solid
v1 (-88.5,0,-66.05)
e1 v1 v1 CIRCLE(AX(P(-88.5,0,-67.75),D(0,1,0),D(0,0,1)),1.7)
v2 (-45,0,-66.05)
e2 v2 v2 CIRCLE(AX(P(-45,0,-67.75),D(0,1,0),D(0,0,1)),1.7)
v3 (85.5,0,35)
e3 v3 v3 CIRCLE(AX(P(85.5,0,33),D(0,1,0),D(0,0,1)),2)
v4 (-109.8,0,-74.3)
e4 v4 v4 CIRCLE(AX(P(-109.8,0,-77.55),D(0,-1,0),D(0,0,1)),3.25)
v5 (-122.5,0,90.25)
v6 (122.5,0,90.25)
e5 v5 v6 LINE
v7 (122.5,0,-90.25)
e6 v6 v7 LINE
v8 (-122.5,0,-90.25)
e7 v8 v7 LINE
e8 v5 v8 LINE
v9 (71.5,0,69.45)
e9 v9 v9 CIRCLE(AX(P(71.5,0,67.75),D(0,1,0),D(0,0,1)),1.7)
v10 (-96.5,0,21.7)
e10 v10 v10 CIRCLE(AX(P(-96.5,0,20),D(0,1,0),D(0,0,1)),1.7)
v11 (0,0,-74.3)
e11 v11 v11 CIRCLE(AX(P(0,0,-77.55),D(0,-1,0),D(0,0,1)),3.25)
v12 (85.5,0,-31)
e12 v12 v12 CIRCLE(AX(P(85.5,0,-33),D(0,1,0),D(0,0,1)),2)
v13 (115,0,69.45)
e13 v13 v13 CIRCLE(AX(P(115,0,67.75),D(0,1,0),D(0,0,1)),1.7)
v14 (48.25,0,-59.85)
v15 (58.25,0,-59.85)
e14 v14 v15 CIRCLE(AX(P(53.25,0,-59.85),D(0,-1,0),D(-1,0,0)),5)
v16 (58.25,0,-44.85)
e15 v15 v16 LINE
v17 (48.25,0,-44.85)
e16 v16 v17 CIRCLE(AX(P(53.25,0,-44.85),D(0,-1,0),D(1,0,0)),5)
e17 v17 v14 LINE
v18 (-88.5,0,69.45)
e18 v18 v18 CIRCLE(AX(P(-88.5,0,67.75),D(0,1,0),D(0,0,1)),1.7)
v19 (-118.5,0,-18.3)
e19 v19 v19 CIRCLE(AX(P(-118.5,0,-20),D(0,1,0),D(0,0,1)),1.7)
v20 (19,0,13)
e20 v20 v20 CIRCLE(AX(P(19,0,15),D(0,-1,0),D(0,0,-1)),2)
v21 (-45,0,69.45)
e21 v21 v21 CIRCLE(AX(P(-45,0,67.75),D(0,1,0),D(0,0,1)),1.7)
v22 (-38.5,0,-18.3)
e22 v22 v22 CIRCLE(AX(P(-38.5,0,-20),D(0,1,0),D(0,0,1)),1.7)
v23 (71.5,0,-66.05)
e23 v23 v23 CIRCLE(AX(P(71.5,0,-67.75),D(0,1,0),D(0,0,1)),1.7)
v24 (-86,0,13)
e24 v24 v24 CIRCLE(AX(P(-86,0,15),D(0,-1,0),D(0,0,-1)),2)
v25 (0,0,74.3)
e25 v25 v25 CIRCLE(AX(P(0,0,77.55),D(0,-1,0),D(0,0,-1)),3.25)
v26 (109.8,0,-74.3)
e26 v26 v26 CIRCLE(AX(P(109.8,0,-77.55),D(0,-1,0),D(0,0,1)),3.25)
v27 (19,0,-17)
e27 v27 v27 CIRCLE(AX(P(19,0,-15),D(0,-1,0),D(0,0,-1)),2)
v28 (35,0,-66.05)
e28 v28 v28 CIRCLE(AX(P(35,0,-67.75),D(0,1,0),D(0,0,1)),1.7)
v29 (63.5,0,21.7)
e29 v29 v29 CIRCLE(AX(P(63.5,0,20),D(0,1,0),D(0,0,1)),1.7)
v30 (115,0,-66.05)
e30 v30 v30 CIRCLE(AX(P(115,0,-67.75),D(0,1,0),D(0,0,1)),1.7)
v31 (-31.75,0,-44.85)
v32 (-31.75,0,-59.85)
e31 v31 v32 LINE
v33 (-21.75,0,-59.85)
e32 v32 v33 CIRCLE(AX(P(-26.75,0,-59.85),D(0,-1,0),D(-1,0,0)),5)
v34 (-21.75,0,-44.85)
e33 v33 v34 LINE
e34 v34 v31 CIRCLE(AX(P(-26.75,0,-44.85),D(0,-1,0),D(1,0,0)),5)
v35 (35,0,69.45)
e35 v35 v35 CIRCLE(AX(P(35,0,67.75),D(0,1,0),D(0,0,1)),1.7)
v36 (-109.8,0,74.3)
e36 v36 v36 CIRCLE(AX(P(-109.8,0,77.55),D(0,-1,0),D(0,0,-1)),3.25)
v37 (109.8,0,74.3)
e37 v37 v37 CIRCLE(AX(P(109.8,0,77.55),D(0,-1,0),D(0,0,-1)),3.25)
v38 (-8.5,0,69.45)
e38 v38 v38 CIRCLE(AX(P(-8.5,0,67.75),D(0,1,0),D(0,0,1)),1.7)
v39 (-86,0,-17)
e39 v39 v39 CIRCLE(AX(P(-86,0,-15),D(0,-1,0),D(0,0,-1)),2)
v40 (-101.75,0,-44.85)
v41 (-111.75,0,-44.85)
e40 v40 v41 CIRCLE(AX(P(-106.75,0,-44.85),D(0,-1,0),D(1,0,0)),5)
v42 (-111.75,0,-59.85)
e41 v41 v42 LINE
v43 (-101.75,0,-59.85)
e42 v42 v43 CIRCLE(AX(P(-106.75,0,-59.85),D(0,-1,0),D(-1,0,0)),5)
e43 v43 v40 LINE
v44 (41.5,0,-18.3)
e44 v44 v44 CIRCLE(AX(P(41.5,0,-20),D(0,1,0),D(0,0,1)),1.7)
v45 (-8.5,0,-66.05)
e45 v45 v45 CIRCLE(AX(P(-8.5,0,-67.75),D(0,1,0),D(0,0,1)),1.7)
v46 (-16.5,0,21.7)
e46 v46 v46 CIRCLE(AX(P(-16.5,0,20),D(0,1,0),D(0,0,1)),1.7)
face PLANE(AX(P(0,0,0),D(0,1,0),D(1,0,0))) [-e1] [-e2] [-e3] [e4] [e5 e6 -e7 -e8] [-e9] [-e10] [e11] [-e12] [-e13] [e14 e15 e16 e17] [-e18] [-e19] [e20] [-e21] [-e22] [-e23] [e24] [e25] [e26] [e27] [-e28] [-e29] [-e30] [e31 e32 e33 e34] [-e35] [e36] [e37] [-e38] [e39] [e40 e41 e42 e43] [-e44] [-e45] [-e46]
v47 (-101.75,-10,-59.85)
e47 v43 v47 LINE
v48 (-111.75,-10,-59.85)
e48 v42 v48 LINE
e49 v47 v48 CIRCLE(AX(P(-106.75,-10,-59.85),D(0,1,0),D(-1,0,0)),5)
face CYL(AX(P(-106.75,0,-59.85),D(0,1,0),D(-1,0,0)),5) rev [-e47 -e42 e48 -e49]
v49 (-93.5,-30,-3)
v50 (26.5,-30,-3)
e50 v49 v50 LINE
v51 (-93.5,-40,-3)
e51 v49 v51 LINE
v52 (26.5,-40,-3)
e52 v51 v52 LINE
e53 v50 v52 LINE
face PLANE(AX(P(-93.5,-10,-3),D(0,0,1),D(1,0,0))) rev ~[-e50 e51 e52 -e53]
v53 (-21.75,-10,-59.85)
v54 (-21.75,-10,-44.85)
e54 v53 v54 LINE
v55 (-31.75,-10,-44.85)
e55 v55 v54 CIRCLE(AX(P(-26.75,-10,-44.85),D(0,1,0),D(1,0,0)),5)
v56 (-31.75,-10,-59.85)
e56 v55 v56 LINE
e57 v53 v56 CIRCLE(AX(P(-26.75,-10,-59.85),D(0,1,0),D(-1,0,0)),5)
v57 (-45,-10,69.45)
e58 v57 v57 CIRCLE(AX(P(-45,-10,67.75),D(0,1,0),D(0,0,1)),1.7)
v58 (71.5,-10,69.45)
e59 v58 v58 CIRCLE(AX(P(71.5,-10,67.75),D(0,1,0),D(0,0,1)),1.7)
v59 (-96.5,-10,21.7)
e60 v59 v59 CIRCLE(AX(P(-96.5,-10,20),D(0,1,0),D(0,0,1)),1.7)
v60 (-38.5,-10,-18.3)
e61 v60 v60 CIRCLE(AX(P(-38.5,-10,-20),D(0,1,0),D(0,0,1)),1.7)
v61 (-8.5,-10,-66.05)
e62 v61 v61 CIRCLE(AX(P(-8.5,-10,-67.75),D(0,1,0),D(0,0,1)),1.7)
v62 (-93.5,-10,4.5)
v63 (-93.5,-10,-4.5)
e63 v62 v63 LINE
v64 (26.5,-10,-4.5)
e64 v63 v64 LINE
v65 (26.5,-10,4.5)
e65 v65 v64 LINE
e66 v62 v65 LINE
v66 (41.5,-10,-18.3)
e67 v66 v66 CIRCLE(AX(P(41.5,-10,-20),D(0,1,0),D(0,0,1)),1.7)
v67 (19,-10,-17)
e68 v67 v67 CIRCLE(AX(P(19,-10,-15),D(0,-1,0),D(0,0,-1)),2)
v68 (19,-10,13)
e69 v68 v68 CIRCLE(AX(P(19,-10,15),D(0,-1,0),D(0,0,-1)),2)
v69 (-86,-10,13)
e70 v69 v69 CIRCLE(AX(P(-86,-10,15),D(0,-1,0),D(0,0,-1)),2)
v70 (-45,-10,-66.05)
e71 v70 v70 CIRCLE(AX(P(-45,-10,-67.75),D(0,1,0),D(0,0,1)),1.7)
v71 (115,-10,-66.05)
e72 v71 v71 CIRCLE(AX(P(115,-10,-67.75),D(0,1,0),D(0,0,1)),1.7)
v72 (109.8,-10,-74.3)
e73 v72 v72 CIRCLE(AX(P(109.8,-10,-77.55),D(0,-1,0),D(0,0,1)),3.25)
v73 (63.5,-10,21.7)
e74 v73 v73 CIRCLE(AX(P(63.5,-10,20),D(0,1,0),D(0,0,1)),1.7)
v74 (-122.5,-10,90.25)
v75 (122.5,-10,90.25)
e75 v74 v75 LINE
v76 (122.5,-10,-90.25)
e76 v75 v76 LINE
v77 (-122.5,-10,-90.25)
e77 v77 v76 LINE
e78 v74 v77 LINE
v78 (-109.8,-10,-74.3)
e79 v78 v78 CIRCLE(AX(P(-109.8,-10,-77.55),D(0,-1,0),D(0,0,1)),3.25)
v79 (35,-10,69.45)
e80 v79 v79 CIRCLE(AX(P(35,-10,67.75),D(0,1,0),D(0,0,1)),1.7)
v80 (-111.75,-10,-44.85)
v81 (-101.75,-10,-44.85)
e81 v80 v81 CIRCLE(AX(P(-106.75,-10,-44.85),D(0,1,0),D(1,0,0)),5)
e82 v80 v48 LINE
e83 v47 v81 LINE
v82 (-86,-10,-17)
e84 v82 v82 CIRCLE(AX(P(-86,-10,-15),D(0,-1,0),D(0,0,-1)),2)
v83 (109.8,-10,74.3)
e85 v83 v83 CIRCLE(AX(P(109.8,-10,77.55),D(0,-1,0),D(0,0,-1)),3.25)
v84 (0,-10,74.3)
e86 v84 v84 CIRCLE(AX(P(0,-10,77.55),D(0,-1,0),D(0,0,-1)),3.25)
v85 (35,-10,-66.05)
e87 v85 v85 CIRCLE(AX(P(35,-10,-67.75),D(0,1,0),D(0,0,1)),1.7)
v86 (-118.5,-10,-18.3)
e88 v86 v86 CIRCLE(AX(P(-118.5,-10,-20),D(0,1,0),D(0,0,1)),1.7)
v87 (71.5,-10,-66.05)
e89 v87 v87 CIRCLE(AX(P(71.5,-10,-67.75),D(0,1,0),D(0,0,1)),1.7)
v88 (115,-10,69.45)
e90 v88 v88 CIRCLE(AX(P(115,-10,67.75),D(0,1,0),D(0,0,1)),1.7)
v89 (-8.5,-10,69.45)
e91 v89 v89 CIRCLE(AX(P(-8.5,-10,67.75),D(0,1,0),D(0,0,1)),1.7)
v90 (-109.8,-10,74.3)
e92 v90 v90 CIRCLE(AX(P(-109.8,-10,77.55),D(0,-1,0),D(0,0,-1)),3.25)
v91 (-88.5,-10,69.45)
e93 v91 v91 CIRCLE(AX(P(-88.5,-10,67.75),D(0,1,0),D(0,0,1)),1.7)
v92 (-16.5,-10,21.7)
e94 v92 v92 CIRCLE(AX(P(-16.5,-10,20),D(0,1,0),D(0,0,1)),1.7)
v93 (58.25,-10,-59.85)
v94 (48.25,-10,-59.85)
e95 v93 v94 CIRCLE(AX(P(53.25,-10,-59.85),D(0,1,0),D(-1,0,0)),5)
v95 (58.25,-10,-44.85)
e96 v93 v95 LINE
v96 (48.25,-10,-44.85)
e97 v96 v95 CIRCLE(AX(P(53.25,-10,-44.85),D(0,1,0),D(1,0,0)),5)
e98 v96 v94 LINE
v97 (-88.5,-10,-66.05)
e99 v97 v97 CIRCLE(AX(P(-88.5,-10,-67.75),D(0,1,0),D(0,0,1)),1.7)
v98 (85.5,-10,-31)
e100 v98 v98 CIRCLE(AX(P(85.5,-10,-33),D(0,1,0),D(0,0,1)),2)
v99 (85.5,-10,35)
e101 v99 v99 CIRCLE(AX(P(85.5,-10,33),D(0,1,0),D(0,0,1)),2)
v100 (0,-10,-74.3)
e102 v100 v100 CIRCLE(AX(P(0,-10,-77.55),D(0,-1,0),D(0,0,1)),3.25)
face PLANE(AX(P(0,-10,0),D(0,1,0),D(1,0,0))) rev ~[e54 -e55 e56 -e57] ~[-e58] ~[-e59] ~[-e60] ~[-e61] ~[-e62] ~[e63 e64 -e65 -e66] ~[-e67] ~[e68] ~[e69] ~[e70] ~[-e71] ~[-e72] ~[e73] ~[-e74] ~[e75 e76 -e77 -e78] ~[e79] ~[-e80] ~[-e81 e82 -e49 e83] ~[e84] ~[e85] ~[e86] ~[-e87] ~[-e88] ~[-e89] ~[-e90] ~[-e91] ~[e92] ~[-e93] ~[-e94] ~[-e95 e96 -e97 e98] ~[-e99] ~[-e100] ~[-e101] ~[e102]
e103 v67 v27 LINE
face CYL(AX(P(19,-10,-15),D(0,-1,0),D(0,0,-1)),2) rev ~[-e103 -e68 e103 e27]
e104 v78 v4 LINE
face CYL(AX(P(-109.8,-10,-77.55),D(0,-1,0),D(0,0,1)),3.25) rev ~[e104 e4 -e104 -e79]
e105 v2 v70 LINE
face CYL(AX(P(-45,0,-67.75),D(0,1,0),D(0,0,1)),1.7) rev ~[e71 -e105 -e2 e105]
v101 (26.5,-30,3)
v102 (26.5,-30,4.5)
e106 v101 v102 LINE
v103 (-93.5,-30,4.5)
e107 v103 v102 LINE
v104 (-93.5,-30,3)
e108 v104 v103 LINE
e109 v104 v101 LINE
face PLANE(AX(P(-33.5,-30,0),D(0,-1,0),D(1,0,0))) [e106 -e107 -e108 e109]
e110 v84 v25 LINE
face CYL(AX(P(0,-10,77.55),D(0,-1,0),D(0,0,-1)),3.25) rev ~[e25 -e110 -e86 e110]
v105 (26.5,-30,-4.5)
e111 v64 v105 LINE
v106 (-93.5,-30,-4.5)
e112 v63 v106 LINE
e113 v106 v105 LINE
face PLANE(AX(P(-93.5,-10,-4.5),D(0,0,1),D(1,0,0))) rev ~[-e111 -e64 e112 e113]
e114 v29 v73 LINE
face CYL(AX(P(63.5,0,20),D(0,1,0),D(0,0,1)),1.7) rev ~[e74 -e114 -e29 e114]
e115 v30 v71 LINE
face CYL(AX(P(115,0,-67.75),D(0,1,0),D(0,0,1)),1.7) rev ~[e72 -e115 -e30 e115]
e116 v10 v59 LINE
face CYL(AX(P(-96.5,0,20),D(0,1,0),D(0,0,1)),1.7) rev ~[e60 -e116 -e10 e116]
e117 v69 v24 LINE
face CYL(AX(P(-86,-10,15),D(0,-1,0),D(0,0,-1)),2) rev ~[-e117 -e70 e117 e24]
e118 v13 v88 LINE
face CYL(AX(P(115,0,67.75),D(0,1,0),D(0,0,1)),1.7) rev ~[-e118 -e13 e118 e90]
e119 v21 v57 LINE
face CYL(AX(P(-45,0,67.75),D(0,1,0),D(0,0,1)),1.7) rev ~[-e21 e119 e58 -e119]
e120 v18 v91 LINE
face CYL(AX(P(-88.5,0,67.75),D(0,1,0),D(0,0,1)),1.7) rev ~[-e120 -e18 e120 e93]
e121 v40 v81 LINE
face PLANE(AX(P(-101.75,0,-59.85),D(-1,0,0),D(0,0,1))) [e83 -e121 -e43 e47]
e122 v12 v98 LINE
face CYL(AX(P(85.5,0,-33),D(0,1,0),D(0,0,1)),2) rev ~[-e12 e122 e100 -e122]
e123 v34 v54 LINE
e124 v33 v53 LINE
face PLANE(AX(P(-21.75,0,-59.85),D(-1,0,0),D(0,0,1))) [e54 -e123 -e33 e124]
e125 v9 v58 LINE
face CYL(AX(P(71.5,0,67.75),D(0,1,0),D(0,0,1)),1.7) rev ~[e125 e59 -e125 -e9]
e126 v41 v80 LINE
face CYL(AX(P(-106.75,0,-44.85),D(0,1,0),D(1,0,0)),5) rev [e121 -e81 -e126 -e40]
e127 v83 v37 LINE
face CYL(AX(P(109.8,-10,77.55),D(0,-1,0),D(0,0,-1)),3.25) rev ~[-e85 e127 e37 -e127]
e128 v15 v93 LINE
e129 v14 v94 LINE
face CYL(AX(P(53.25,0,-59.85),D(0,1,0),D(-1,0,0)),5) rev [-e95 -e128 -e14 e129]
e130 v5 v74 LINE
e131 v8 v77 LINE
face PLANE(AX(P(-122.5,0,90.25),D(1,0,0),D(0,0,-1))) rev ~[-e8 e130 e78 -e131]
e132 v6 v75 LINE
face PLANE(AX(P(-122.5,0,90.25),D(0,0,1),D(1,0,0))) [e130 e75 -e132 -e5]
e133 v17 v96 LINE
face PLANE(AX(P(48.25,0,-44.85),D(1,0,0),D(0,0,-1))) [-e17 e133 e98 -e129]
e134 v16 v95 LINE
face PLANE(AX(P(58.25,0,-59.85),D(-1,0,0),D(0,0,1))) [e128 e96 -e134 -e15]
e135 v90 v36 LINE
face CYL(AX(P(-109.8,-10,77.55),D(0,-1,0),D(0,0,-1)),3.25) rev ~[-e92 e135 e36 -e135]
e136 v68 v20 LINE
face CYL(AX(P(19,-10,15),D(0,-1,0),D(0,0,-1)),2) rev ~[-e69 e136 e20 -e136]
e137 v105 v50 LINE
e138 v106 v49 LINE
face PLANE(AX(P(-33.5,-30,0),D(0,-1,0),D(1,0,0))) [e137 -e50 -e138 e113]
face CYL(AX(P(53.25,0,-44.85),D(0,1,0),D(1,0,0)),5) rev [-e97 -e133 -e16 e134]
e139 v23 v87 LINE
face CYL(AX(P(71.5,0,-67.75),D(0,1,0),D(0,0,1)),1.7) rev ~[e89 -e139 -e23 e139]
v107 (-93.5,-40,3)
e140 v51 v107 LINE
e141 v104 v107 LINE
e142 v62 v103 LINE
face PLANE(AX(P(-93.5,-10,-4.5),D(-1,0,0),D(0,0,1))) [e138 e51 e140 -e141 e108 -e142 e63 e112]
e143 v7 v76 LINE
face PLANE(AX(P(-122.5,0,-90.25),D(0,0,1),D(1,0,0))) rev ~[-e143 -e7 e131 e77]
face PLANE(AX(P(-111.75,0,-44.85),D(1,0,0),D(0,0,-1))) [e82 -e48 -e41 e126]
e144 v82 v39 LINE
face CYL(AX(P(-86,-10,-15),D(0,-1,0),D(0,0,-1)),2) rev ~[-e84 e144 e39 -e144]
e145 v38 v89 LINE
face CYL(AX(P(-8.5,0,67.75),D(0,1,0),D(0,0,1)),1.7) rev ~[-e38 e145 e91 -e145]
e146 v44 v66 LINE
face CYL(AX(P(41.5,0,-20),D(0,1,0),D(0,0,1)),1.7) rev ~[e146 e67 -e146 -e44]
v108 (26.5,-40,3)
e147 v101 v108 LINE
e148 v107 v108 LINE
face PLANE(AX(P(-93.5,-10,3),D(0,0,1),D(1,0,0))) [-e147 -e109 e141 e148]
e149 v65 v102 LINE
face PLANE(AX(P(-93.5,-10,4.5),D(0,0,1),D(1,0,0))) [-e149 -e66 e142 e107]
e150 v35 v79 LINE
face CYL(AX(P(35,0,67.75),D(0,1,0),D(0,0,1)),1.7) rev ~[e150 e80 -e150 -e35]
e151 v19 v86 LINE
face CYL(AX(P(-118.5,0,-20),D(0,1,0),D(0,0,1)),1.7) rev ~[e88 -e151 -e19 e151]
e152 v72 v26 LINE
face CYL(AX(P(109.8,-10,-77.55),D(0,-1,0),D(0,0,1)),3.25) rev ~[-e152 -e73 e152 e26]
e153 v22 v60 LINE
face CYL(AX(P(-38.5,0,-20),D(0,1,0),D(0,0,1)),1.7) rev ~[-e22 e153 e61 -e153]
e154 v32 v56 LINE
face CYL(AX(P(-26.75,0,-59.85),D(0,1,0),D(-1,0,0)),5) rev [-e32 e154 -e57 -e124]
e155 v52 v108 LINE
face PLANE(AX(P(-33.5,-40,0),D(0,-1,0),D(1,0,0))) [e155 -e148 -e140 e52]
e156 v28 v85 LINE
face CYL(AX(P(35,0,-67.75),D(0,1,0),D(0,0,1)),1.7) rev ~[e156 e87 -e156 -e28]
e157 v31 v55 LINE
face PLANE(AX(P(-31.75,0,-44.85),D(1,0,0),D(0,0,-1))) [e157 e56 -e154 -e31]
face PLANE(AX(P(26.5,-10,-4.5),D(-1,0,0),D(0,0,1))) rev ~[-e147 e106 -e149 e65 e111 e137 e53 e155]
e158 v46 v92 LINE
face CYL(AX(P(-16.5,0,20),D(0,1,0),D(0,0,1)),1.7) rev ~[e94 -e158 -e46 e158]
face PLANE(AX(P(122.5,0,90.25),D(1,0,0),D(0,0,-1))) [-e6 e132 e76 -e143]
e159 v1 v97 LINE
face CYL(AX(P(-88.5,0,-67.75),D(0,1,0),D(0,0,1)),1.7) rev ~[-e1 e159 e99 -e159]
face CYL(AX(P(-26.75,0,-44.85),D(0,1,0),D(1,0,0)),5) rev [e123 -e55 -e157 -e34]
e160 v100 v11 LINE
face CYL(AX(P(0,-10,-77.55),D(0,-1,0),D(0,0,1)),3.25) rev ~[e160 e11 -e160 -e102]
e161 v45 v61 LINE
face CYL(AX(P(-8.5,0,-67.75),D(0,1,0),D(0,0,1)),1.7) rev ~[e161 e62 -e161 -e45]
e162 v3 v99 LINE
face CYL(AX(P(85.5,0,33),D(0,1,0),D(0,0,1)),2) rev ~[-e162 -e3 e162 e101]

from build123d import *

# Parameters (mm, degrees)
SKETCH1_W           = 245
SKETCH1_H           = 180.5
BOSS_EXTRUDE1_DEPTH = 10
SKETCH1_5_R         = 1.7
CUT_EXTRUDE2_DEPTH  = 153.483810616
SKETCH2_W           = 120
SKETCH2_H           = 6
BOSS_EXTRUDE3_DEPTH = 30
SKETCH3_W           = 120
SKETCH3_H           = 9
BOSS_EXTRUDE4_DEPTH = 20
SKETCH4_R           = 2
CUT_EXTRUDE4_DEPTH  = 156.084855805
SKETCH7_R           = 3.25
CUT_EXTRUDE5_DEPTH  = 156.084855805
SKETCH9_R           = 1.7
CUT_EXTRUDE6_DEPTH  = 158.325498569
SKETCH10_R          = 2
CUT_EXTRUDE7_DEPTH  = 158.325498569


with BuildPart() as part:
    # Sketch1 → Boss-Extrude1 (new body)
    with BuildSketch(Plane(origin=(0, 0, 0), x_dir=(1, 0, 0), z_dir=(0, 1, 0))):
        Rectangle(SKETCH1_W, SKETCH1_H)
    extrude(amount=-BOSS_EXTRUDE1_DEPTH)

    # Sketch1<5> → Cut-Extrude2 (cut, through all)
    with BuildSketch(Plane(origin=(0, 0, 0), x_dir=(1, 0, 0), z_dir=(0, 1, 0))):
        with Locations((-88.5, 67.75)):
            Circle(SKETCH1_5_R)
        with Locations((-88.5, -67.75)):
            Circle(SKETCH1_5_R)
        with Locations((-45, -67.75)):
            Circle(SKETCH1_5_R)
        with Locations((-45, 67.75)):
            Circle(SKETCH1_5_R)
        with Locations((-8.5, 67.75)):
            Circle(SKETCH1_5_R)
        with Locations((-8.5, -67.75)):
            Circle(SKETCH1_5_R)
        with Locations((35, -67.75)):
            Circle(SKETCH1_5_R)
        with Locations((35, 67.75)):
            Circle(SKETCH1_5_R)
        with Locations((71.5, 67.75)):
            Circle(SKETCH1_5_R)
        with Locations((71.5, -67.75)):
            Circle(SKETCH1_5_R)
        with Locations((115, -67.75)):
            Circle(SKETCH1_5_R)
        with Locations((115, 67.75)):
            Circle(SKETCH1_5_R)
    extrude(amount=-CUT_EXTRUDE2_DEPTH, mode=Mode.SUBTRACT)

    # Sketch2 → Boss-Extrude3 (add)
    with BuildSketch(Plane.XZ.offset(10)):
        with Locations((-33.5, 0)):
            Rectangle(SKETCH2_W, SKETCH2_H)
    extrude(amount=BOSS_EXTRUDE3_DEPTH)

    # Sketch3 → Boss-Extrude4 (add)
    with BuildSketch(Plane.XZ.offset(10)):
        with Locations((-33.5, 0)):
            Rectangle(SKETCH3_W, SKETCH3_H)
    extrude(amount=BOSS_EXTRUDE4_DEPTH)

    # Sketch4 → Cut-Extrude4 (cut, through all)
    with BuildSketch(Plane.XZ.offset(10)):
        with Locations((-86, 15)):
            Circle(SKETCH4_R)
        with Locations((19, 15)):
            Circle(SKETCH4_R)
        with Locations((19, -15)):
            Circle(SKETCH4_R)
        with Locations((-86, -15)):
            Circle(SKETCH4_R)
    extrude(amount=-CUT_EXTRUDE4_DEPTH, mode=Mode.SUBTRACT)

    # Sketch7 → Cut-Extrude5 (cut, through all)
    with BuildSketch(Plane.XZ.offset(10)):
        with Locations((-109.8, 77.55)):
            Circle(SKETCH7_R)
        with Locations((0, 77.55)):
            Circle(SKETCH7_R)
        with Locations((109.8, 77.55)):
            Circle(SKETCH7_R)
        with Locations((-109.8, -77.55)):
            Circle(SKETCH7_R)
        with Locations((0, -77.55)):
            Circle(SKETCH7_R)
        with Locations((109.8, -77.55)):
            Circle(SKETCH7_R)
    extrude(amount=-CUT_EXTRUDE5_DEPTH, mode=Mode.SUBTRACT)

    # Sketch9 → Cut-Extrude6 (cut, through all)
    with BuildSketch(Plane(origin=(0, 0, 0), x_dir=(1, 0, 0), z_dir=(0, 1, 0))):
        with Locations((41.5, 20)):
            Circle(SKETCH9_R)
        with Locations((63.5, -20)):
            Circle(SKETCH9_R)
        with Locations((-38.5, 20)):
            Circle(SKETCH9_R)
        with Locations((-16.5, -20)):
            Circle(SKETCH9_R)
        with Locations((-118.5, 20)):
            Circle(SKETCH9_R)
        with Locations((-96.5, -20)):
            Circle(SKETCH9_R)
        with BuildLine():
            Line((58.25, 59.85), (58.25, 44.85))
            ThreePointArc((58.25, 44.85), (53.25, 39.85), (48.25, 44.85))
            Line((48.25, 44.85), (48.25, 59.85))
            ThreePointArc((48.25, 59.85), (53.25, 64.85), (58.25, 59.85))
        make_face()
        with BuildLine():
            Line((-21.75, 59.85), (-21.75, 44.85))
            ThreePointArc((-21.75, 44.85), (-26.75, 39.85), (-31.75, 44.85))
            Line((-31.75, 44.85), (-31.75, 59.85))
            ThreePointArc((-31.75, 59.85), (-26.75, 64.85), (-21.75, 59.85))
        make_face()
        with BuildLine():
            Line((-101.75, 59.85), (-101.75, 44.85))
            ThreePointArc((-101.75, 44.85), (-106.75, 39.85), (-111.75, 44.85))
            Line((-111.75, 44.85), (-111.75, 59.85))
            ThreePointArc((-111.75, 59.85), (-106.75, 64.85), (-101.75, 59.85))
        make_face()
    extrude(amount=-CUT_EXTRUDE6_DEPTH, mode=Mode.SUBTRACT)

    # Sketch10 → Cut-Extrude7 (cut, through all)
    with BuildSketch(Plane(origin=(0, 0, 0), x_dir=(1, 0, 0), z_dir=(0, 1, 0))):
        with Locations((85.5, -33)):
            Circle(SKETCH10_R)
        with Locations((85.5, 33)):
            Circle(SKETCH10_R)
    extrude(amount=-CUT_EXTRUDE7_DEPTH, mode=Mode.SUBTRACT)


solid = part.part
